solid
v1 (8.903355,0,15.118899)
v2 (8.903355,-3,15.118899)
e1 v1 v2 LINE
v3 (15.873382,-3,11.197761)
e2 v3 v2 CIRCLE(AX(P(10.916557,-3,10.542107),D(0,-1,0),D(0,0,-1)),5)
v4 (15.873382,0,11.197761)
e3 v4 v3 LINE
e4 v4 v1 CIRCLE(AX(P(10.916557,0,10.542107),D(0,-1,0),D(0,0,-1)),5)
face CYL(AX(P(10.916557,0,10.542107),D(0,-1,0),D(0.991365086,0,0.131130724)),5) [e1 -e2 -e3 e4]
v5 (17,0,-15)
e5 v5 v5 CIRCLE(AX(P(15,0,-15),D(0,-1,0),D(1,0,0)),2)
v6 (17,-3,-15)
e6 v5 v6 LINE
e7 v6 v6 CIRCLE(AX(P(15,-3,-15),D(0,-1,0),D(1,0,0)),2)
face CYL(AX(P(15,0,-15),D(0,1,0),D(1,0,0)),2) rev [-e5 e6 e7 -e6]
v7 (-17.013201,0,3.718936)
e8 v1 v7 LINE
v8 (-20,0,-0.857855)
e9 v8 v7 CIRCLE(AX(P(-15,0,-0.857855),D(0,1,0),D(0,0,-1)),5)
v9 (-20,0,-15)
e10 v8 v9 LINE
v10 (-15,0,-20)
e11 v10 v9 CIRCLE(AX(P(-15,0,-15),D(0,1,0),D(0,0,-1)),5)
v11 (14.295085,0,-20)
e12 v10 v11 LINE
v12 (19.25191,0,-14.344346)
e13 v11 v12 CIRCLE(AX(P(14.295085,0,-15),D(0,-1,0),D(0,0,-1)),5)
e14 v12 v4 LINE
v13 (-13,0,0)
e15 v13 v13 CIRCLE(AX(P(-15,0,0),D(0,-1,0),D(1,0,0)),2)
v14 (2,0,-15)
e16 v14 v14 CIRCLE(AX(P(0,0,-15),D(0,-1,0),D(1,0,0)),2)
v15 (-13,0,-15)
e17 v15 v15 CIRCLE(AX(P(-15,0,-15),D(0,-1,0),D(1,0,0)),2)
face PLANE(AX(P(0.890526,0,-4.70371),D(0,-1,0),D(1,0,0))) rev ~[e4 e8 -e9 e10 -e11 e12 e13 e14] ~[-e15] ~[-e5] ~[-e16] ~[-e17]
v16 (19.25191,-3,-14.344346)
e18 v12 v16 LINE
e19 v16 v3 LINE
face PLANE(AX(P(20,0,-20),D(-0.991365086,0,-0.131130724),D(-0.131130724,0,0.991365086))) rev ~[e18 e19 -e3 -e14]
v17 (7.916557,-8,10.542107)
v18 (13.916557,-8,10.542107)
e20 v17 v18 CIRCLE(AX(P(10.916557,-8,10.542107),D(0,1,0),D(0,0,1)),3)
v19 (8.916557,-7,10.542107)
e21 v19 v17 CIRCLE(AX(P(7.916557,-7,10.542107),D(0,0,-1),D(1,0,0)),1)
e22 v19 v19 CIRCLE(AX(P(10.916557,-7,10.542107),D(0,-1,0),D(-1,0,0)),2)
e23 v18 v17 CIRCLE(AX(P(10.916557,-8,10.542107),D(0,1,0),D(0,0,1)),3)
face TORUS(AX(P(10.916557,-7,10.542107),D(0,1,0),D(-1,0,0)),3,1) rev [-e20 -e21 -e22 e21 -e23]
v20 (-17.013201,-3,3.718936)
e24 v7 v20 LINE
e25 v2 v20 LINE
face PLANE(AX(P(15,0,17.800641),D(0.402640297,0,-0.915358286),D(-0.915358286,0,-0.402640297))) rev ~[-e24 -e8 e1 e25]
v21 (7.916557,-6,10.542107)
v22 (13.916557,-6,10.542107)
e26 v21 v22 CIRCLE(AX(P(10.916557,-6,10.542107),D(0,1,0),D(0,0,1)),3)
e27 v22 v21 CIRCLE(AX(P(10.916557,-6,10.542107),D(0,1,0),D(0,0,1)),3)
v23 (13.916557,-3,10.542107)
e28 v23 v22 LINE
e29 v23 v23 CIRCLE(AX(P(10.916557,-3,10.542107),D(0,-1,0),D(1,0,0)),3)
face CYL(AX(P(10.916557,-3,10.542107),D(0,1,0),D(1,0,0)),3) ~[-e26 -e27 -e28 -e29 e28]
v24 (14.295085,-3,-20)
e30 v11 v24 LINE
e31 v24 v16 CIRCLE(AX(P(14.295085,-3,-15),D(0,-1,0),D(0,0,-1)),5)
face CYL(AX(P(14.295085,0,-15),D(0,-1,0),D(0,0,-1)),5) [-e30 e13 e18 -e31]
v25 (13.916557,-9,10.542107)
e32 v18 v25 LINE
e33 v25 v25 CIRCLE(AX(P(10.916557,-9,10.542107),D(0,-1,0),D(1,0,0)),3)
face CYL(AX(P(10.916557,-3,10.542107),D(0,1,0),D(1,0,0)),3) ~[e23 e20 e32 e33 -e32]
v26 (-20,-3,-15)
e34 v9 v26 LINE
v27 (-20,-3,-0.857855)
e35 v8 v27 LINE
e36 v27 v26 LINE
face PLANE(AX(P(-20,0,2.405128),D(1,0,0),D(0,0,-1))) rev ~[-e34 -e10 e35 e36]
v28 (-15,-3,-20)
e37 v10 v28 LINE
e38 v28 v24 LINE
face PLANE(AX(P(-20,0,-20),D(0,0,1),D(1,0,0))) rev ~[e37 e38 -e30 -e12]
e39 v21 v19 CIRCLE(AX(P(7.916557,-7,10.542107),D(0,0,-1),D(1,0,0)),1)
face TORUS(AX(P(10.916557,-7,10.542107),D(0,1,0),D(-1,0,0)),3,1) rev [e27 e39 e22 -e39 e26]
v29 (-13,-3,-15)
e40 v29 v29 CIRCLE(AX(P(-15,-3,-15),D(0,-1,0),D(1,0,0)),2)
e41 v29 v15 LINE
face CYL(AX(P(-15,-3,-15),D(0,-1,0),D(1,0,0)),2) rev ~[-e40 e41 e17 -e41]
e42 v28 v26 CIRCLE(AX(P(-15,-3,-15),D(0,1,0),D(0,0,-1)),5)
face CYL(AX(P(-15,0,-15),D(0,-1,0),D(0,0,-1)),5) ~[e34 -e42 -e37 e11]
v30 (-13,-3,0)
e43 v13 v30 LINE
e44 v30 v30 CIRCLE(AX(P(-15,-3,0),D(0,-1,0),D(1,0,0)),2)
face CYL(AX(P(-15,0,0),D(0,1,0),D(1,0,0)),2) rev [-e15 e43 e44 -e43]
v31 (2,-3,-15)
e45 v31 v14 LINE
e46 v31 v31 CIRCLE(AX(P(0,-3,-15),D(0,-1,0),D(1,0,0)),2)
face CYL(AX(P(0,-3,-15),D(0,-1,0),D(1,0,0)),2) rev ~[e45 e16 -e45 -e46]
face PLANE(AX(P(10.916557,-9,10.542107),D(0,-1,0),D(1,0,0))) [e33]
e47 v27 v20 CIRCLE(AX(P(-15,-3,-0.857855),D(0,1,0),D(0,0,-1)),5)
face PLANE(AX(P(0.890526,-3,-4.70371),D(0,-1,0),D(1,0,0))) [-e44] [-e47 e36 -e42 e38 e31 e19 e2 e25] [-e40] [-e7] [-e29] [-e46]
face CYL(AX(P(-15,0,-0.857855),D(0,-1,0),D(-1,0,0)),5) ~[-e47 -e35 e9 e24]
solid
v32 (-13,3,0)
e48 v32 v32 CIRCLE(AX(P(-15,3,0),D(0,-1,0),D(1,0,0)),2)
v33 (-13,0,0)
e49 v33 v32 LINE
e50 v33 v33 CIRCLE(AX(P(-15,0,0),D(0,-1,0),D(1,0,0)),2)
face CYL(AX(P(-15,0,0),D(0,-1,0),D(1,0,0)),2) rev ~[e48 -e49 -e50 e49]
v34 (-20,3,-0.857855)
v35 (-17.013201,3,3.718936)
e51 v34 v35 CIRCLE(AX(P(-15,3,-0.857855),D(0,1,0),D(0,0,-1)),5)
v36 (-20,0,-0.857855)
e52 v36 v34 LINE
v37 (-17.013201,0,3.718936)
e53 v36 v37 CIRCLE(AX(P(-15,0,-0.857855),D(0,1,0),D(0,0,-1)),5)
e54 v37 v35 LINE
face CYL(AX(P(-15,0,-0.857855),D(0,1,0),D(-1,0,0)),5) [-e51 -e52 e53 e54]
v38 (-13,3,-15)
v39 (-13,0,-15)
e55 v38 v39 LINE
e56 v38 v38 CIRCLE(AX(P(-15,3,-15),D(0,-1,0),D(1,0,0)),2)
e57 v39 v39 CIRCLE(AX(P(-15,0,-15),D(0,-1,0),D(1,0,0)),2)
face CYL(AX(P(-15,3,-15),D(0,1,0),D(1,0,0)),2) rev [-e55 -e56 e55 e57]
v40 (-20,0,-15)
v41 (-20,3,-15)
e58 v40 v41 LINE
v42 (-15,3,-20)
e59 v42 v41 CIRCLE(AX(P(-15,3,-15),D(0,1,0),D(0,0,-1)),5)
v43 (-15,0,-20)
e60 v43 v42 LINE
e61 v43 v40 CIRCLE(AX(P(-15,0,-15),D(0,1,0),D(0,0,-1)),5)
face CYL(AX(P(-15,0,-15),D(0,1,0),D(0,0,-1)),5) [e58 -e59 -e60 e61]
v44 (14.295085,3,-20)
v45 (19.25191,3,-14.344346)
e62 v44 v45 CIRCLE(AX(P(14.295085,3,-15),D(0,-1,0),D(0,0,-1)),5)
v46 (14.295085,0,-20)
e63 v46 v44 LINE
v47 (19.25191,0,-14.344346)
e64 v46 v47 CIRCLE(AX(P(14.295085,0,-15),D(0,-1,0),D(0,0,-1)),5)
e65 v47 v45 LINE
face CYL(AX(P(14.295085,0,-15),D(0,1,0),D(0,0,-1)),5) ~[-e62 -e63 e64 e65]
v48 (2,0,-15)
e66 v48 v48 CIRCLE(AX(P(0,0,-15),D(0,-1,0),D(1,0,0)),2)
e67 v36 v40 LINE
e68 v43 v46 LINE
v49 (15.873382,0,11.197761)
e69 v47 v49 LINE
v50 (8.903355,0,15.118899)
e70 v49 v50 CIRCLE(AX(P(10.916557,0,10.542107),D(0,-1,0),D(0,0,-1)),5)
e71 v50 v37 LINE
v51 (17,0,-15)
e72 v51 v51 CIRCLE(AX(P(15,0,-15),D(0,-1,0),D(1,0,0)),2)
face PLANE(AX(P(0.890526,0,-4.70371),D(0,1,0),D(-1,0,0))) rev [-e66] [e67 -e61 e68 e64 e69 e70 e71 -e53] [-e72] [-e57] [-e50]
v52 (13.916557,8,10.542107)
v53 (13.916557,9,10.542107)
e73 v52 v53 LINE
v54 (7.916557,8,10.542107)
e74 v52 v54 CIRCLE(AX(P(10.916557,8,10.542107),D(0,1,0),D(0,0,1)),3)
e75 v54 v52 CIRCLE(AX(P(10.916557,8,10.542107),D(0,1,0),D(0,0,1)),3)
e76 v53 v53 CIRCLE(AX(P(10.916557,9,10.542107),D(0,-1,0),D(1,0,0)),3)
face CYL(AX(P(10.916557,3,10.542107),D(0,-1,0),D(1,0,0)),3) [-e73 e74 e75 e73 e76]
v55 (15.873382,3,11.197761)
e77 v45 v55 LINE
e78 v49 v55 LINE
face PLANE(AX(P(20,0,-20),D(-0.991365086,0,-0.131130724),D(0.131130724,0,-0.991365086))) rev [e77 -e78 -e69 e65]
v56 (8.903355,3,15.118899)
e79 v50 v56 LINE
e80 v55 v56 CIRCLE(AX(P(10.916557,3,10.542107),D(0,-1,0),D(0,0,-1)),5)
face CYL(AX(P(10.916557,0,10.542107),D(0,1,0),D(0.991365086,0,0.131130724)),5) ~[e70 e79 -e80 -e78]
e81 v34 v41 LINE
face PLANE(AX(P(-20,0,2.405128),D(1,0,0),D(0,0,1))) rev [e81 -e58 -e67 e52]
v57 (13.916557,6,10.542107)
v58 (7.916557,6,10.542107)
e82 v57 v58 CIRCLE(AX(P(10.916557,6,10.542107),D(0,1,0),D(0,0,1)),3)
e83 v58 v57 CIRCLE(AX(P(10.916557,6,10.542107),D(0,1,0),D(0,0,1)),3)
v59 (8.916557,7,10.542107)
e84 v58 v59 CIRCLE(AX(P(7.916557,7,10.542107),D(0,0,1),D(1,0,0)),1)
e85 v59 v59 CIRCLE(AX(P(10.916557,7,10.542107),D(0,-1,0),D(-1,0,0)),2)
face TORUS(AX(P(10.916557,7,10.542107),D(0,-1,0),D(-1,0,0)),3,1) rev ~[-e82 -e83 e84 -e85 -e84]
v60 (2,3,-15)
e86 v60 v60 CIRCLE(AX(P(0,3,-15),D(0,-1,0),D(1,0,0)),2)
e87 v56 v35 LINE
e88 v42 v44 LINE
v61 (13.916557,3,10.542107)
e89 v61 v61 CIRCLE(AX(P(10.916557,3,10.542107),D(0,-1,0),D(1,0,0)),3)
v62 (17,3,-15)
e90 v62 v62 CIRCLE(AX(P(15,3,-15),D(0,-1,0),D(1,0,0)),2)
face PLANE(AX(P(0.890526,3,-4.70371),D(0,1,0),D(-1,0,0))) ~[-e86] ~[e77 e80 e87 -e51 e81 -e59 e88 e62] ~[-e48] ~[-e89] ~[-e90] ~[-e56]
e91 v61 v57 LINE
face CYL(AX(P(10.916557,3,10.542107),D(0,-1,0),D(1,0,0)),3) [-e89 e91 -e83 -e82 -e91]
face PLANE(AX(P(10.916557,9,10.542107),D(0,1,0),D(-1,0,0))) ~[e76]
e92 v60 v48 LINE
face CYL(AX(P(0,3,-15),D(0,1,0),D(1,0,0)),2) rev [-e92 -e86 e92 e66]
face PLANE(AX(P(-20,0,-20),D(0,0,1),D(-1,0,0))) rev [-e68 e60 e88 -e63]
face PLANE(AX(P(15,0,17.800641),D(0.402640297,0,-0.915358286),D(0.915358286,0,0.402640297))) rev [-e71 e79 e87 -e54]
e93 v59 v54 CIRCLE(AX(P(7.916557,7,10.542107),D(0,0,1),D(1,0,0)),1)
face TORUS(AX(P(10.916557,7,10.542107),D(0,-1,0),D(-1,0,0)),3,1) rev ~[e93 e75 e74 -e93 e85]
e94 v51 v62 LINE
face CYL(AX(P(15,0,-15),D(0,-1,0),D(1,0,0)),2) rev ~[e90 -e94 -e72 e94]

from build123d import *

# Parameters (mm, degrees)
F0_R      = 2
F1_DEPTH  = 3
F2_R      = 5
F3_R      = 3
F4_DEPTH  = 6
F6_R      = 1
F8_R      = 5
F9_R      = 2
F10_DEPTH = 25


with BuildPart() as f1:
    # F0 (on Front) → F1 (new body)
    with BuildSketch(Plane.XZ):
        Polygon((-20, -20), (20, -20), (15, 17.800641), (-20, 2.405128), align=None)
        with Locations((15, -15)):
            Circle(F0_R, mode=Mode.SUBTRACT)
        with Locations((-15, 0)):
            Circle(F0_R, mode=Mode.SUBTRACT)
    extrude(amount=F1_DEPTH)

    # F2
    f2_edges = [f1.edges().sort_by_distance(p)[0] for p in [
        (15, -1.5, 17.800641),
        (-20, -1.5, 2.405128),
        (20, -1.5, -20),
    ]]
    fillet(f2_edges, radius=F2_R)

    # F3 (on face) → F4 (join)
    with BuildSketch(Plane.XZ.offset(3)):
        with Locations((10.916557, 10.542107)):
            Circle(F3_R)
    extrude(amount=F4_DEPTH)

    # F6 (on face) → F7 (revolve, cut)
    with BuildSketch(Plane(origin=(0, 0, 10.542107), x_dir=(1, 0, 0), z_dir=(0, 0, -1))):
        with Locations((7.916557, 7)):
            Circle(F6_R)
    revolve(axis=Axis((10.916557, -9, 10.542107), (0, -1, 0)), mode=Mode.SUBTRACT)

    # F8
    f8_edges = [f1.edges().sort_by_distance(p)[0] for p in [
        (-20, -1.5, -20),
    ]]
    fillet(f8_edges, radius=F8_R)

    # F9 (on face) → F10 (cut)
    with BuildSketch(Plane.XZ.offset(3)):
        with Locations((-15, -15)):
            Circle(F9_R)
        with Locations((0, -15)):
            Circle(F9_R)
    extrude(amount=-F10_DEPTH, mode=Mode.SUBTRACT)


with BuildPart() as f11_1:
    # F11: instance of F1
    add(f1.part.mirror(Plane.XZ))


solid = Compound([f1.part, f11_1.part])
